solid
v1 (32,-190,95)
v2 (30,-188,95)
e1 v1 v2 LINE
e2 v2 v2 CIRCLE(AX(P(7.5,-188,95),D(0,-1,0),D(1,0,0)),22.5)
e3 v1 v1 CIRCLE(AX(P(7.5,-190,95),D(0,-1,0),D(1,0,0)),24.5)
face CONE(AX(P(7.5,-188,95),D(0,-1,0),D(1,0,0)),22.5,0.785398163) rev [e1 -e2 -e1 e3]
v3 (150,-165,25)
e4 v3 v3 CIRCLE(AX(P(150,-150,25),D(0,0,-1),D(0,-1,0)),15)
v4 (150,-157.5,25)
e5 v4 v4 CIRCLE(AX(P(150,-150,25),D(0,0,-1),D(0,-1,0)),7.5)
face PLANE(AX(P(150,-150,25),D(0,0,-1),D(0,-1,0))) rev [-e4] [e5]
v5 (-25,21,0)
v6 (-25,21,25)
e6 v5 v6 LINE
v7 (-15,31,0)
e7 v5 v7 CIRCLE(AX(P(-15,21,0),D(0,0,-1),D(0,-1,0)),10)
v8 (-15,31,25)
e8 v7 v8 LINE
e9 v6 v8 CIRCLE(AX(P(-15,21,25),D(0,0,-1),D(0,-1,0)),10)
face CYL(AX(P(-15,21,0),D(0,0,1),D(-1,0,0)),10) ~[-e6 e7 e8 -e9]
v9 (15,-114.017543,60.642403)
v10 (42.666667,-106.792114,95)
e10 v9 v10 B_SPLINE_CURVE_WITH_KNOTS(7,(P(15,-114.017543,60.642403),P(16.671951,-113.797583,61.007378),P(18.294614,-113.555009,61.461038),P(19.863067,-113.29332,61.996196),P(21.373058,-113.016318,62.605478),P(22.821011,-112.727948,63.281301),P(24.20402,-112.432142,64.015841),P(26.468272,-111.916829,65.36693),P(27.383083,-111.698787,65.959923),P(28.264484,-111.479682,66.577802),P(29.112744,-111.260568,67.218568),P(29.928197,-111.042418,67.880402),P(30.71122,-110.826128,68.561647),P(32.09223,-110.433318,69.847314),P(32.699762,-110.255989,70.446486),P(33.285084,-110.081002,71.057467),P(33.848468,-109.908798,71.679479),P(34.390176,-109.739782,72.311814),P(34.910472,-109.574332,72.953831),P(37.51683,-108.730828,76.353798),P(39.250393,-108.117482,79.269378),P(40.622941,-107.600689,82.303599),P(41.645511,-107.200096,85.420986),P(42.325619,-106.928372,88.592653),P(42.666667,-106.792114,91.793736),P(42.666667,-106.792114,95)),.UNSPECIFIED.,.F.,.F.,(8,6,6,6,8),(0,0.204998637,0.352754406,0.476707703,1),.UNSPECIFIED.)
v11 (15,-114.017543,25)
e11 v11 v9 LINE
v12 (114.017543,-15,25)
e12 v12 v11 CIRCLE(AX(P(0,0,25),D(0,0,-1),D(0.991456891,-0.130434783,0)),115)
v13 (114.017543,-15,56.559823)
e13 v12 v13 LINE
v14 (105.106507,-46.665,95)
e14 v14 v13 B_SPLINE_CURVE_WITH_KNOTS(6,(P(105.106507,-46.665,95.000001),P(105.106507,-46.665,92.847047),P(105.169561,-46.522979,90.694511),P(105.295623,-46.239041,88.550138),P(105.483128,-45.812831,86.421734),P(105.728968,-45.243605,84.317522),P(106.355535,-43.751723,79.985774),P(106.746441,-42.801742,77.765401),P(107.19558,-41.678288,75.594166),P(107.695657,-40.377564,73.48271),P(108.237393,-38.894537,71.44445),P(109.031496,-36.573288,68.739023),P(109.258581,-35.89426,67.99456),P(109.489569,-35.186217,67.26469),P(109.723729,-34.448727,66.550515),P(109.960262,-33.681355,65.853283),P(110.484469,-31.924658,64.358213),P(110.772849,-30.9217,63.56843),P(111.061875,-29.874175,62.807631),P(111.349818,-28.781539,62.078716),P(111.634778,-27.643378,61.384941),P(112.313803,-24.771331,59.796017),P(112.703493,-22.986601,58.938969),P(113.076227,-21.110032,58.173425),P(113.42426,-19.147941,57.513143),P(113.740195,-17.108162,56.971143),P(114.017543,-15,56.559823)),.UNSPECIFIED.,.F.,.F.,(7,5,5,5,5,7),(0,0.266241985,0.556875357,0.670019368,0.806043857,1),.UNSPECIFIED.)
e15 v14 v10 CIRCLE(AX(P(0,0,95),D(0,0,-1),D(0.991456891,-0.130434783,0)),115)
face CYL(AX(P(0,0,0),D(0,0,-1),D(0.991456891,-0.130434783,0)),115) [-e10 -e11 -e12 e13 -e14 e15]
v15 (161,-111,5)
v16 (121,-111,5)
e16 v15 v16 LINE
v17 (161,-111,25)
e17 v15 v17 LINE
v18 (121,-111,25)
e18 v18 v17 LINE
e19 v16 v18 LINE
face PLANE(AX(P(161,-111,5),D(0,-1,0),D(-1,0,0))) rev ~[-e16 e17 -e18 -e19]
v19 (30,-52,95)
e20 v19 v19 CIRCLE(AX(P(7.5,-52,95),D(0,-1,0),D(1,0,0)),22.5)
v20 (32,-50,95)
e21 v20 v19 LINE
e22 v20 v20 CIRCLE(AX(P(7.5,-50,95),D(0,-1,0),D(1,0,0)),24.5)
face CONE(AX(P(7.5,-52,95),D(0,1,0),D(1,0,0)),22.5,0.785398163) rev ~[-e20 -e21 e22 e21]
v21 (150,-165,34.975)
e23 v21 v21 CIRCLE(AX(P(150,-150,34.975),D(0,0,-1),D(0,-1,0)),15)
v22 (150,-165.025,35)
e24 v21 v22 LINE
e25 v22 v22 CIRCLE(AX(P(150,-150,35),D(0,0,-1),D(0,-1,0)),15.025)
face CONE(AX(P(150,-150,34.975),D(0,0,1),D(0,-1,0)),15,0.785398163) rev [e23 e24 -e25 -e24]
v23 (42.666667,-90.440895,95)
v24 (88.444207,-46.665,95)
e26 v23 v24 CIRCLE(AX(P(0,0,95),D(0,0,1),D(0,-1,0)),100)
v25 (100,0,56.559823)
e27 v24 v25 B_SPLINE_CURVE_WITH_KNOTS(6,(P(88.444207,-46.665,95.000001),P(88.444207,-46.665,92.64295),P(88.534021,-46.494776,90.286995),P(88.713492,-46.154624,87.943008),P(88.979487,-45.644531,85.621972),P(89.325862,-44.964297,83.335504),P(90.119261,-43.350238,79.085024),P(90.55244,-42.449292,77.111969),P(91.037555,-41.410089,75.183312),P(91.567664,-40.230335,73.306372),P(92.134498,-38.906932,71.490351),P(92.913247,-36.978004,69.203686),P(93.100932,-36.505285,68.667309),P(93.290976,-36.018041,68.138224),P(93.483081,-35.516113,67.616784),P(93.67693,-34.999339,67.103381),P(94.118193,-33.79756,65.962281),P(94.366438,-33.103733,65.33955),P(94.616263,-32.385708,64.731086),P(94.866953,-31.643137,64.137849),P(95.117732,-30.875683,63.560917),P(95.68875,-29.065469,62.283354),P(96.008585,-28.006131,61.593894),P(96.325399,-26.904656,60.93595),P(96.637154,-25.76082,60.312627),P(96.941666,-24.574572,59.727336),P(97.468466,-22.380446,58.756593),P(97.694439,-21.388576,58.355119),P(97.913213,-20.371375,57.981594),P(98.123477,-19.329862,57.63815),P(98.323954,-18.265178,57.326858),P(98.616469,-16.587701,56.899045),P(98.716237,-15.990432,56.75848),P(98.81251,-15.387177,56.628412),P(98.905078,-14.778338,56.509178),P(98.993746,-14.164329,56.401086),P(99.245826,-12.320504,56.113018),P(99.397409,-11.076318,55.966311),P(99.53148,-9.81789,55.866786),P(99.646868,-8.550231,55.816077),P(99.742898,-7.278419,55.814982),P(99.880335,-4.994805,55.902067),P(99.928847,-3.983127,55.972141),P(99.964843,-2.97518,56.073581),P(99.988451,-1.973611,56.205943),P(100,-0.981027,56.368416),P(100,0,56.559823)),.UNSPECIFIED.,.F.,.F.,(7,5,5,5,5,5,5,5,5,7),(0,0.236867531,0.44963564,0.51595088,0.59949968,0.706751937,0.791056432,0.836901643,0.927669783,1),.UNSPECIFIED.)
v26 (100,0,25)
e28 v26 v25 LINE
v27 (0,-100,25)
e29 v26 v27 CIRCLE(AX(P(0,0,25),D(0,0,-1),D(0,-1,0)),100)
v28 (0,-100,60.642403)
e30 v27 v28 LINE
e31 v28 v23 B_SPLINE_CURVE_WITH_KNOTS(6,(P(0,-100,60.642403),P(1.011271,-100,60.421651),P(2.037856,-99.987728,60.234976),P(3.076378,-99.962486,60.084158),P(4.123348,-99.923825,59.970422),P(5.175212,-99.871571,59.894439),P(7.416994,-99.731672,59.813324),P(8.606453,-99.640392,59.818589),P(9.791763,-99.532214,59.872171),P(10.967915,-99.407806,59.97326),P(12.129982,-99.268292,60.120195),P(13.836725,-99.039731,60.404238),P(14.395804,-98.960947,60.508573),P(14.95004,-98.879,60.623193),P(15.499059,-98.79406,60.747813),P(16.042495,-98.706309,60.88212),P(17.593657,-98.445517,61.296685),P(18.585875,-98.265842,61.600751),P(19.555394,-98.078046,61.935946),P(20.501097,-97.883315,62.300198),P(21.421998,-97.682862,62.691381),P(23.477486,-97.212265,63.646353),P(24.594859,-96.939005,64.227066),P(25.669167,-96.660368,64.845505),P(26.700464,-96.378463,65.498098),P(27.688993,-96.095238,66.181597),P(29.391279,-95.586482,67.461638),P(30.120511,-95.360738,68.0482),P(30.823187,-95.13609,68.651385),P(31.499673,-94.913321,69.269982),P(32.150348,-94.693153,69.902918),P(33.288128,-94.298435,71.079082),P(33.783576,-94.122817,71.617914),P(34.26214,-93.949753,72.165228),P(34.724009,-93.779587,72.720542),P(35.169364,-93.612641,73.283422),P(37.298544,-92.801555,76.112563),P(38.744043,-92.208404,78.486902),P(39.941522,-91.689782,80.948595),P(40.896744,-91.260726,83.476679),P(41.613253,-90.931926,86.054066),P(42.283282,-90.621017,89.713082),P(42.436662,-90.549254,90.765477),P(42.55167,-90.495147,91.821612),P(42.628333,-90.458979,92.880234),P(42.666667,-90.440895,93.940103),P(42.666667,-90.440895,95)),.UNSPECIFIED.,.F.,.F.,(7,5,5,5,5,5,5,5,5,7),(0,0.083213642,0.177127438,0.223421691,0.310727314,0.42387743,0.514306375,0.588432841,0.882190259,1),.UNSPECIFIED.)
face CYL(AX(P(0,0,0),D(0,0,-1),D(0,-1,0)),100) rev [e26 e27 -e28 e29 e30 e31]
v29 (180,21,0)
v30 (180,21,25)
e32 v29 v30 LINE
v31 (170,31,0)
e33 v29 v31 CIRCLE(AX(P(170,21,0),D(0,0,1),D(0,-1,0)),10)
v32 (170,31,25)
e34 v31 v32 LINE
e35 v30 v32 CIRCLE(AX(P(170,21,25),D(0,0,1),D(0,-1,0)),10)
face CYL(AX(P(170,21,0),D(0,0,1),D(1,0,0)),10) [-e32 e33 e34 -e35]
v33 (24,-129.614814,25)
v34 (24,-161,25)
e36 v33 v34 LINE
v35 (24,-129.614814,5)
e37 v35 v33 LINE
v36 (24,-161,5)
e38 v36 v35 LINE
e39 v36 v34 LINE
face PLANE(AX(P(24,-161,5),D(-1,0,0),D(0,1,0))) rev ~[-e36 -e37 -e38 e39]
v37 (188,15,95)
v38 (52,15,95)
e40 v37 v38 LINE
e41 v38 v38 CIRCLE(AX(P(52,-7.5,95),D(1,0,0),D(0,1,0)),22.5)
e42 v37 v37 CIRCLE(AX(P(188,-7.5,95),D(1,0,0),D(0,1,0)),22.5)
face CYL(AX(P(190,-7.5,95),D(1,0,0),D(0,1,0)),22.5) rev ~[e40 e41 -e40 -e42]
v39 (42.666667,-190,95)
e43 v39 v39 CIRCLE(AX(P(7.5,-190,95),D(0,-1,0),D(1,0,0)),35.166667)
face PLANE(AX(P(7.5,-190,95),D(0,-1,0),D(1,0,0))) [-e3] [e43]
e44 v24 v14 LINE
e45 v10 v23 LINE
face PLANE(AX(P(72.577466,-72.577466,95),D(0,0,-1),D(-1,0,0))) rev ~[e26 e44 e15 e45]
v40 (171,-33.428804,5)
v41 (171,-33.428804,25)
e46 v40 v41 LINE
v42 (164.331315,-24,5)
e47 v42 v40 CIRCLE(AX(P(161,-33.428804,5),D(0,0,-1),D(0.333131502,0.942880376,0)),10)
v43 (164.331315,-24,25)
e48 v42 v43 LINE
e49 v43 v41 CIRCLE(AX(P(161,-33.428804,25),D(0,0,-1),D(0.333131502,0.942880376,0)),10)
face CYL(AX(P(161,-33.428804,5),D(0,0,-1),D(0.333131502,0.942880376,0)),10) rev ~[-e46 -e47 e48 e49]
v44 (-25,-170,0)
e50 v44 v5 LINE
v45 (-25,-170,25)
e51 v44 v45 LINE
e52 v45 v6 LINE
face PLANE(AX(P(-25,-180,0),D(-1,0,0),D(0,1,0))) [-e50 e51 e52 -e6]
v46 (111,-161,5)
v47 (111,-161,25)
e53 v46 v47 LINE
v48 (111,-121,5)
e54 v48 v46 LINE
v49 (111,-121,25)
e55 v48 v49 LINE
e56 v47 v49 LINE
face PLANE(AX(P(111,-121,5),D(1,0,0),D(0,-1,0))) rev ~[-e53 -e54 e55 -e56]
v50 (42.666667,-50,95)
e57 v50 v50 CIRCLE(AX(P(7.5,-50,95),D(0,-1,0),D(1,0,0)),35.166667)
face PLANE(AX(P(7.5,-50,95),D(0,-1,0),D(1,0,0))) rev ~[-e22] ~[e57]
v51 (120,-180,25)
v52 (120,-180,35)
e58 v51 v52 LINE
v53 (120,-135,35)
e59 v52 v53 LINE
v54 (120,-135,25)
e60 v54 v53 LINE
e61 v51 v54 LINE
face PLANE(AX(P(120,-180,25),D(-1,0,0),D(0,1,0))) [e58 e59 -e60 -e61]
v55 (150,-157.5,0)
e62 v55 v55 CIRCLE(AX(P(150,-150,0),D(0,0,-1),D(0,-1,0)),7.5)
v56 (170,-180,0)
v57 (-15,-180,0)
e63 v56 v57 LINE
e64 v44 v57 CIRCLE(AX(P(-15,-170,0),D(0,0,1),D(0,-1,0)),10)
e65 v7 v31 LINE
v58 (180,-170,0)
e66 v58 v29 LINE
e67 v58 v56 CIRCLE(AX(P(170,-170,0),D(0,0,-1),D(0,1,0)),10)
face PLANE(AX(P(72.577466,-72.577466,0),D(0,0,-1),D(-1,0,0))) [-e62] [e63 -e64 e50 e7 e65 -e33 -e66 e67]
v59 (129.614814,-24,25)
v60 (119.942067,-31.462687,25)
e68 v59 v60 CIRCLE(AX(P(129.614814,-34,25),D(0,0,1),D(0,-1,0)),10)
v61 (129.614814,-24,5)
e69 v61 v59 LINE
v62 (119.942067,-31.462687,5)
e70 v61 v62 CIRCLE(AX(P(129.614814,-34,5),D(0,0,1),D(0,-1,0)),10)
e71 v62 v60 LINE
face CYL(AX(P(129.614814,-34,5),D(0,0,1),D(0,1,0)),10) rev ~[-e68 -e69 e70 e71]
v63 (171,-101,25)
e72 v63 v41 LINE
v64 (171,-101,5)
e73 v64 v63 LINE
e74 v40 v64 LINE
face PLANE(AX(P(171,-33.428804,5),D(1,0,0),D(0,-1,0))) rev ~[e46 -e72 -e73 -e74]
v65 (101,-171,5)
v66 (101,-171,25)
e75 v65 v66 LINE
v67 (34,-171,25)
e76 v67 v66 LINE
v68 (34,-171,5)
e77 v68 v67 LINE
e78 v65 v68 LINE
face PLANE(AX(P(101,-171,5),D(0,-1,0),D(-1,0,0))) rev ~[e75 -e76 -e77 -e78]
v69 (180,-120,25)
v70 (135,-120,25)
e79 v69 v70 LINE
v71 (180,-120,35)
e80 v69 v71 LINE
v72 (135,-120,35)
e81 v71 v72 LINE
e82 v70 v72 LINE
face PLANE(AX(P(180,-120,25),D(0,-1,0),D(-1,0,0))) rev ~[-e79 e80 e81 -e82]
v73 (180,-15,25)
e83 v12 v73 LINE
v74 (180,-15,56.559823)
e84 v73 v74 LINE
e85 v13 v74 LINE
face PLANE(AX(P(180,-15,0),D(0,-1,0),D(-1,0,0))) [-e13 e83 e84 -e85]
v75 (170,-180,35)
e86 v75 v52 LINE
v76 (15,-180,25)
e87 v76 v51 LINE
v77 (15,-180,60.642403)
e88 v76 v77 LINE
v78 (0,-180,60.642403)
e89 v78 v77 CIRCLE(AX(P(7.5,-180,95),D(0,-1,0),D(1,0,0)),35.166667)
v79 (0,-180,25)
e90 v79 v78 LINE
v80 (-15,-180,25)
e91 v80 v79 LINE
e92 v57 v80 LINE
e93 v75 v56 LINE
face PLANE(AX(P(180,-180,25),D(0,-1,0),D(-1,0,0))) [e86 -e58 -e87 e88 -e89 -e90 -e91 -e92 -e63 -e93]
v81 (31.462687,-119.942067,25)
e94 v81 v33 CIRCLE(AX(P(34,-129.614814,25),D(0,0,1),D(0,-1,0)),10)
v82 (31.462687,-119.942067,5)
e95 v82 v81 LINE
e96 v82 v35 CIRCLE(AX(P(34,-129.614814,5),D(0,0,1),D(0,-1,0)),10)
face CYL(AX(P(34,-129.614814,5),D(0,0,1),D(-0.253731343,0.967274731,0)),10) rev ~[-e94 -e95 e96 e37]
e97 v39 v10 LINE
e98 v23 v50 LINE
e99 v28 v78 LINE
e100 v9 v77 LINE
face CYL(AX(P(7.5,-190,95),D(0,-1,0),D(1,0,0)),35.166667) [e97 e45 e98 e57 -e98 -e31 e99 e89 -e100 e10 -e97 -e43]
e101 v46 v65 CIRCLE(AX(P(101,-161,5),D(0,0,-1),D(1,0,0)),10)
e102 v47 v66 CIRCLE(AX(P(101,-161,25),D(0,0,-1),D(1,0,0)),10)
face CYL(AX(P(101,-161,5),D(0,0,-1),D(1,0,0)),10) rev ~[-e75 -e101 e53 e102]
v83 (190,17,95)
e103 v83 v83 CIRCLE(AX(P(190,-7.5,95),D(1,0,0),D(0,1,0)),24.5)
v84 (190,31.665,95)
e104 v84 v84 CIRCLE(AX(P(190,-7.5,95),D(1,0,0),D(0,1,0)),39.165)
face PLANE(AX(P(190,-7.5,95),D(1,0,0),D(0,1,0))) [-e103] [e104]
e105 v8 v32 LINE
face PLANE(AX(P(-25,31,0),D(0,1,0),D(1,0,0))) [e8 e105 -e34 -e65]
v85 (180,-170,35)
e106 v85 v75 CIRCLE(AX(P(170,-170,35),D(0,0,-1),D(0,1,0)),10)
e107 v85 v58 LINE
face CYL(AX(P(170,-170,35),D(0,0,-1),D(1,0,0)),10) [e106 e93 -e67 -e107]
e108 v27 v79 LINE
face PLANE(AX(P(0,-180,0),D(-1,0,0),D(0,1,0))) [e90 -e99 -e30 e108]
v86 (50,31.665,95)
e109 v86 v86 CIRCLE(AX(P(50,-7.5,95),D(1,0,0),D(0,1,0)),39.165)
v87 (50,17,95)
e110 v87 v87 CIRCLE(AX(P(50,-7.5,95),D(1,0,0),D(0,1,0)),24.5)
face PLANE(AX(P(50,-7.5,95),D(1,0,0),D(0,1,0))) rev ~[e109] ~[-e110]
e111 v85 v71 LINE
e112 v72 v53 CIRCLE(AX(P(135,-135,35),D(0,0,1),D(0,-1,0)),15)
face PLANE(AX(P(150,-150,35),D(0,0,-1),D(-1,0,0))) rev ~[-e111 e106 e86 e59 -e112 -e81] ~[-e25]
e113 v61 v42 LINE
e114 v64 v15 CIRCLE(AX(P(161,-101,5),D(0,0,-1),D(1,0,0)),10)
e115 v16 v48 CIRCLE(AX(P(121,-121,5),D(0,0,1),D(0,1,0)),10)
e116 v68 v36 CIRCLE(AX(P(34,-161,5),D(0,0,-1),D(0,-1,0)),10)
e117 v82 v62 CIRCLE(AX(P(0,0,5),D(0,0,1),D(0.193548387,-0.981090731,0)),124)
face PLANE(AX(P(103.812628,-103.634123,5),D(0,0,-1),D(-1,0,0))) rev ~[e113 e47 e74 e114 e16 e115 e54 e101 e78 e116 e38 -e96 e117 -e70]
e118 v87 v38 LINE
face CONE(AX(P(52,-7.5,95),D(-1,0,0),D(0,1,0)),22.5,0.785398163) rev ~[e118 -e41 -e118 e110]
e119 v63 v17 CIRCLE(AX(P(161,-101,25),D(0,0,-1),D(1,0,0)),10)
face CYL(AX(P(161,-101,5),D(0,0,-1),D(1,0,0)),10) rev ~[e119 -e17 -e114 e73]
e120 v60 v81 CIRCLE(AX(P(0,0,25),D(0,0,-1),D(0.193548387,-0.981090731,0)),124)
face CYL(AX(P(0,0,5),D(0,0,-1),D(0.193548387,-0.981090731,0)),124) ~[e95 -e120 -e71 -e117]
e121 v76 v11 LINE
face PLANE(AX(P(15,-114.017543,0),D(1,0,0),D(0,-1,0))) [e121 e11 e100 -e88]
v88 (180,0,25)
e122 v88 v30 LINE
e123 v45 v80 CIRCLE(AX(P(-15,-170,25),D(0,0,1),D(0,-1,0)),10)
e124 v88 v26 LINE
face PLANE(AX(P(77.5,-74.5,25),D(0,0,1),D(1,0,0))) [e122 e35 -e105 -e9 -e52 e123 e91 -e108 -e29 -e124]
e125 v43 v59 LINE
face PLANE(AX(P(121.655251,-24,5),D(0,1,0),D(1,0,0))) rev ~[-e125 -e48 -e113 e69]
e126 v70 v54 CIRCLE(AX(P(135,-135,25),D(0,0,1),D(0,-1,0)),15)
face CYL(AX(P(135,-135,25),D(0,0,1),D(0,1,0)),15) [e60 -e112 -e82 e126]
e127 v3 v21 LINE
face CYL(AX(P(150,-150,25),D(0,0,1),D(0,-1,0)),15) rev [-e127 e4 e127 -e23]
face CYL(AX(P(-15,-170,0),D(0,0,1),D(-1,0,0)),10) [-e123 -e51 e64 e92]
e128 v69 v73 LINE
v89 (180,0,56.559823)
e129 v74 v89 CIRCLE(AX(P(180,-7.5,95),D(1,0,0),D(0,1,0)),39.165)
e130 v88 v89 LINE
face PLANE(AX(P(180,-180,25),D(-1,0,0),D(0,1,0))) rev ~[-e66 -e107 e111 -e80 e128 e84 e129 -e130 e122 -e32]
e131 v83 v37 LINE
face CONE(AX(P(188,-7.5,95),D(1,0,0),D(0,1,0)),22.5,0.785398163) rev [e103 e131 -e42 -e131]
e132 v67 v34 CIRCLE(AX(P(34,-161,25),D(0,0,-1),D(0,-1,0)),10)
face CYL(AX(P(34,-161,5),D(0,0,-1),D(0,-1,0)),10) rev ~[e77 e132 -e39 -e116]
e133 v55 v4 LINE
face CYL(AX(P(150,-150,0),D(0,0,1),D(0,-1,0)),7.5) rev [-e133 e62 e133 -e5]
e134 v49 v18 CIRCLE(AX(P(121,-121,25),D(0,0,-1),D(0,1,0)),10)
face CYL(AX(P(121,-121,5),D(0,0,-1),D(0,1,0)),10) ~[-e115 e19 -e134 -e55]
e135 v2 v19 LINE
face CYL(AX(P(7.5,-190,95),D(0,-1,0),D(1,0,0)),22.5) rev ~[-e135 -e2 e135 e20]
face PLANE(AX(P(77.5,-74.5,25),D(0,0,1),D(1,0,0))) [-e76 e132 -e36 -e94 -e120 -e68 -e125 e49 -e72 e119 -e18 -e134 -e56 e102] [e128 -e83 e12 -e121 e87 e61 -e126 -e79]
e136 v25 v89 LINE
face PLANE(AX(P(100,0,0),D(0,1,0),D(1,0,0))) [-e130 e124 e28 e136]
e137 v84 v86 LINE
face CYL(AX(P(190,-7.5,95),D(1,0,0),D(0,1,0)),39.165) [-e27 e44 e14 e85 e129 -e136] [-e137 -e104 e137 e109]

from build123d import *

# Parameters (mm, degrees)
SKETCH1_W               = 205
SKETCH1_H               = 211
BOSS_EXTRUDE1_DEPTH     = 25
BOSS_EXTRUDE2_START     = -25
SKETCH2_W               = 60
SKETCH2_H               = 60
BOSS_EXTRUDE2_DEPTH     = 10
FILLET1_R               = 10
BOSS_EXTRUDE3_DEPTH     = 95
BOSS_EXTRUDE4_START     = 10
SKETCH5_R               = 35.166666667
BOSS_EXTRUDE4_DEPTH     = 140
SKETCH6_R               = 22.5
CUT_EXTRUDE1_DEPTH      = 140
BOSS_EXTRUDE5_START     = 10
SKETCH7_R               = 39.165
BOSS_EXTRUDE5_DEPTH     = 140
SKETCH8_R               = 22.5
CUT_EXTRUDE2_DEPTH      = 319.557726497
CUT_EXTRUDE5_DEPTH      = 35
CUT_EXTRUDE5_DEPTH_BACK = 15
CUT_EXTRUDE5_START      = -5
FILLET2_R               = 15
FILLET3_R               = 10
CHAMFER1_SIZE           = 2
CHAMFER2_SIZE           = 2


with BuildPart() as part:
    # Sketch1 → Boss-Extrude1 (new body)
    with BuildSketch(Plane.XY):
        with Locations((77.5, -74.5)):
            Rectangle(SKETCH1_W, SKETCH1_H)
    extrude(amount=BOSS_EXTRUDE1_DEPTH)

    # Sketch2 → Boss-Extrude2 (add)
    with BuildSketch(Plane(origin=(0, 0, 0), x_dir=(-1, 0, 0), z_dir=(0, 0, -1)).offset(BOSS_EXTRUDE2_START)):
        with Locations((-150, -150)):
            Rectangle(SKETCH2_W, SKETCH2_H)
    extrude(amount=-BOSS_EXTRUDE2_DEPTH)

    # Fillet1
    fillet1_edges = [part.edges().sort_by_distance(p)[0] for p in [
        (-25, 31, 12.5),
        (180, 31, 12.5),
        (180, -180, 17.5),
        (-25, -180, 12.5),
    ]]
    fillet(fillet1_edges, radius=FILLET1_R)

    # Sketch4 → Boss-Extrude3 (add)
    with BuildSketch(Plane.XY):
        with BuildLine():
            Line((0, -180), (0, -100))
            ThreePointArc((0, -100), (70.710678119, -70.710678119), (100, 0))
            Line((100, 0), (180, 0))
            Line((180, 0), (180, -15))
            Line((180, -15), (114.01754251, -15))
            ThreePointArc((114.01754251, -15), (81.317279836, -81.317279836), (15, -114.01754251))
            Line((15, -114.01754251), (15, -180))
            Line((15, -180), (0, -180))
        make_face()
    extrude(amount=BOSS_EXTRUDE3_DEPTH)

    # Sketch5 → Boss-Extrude4 (add)
    with BuildSketch(Plane.XZ.offset(180).offset(BOSS_EXTRUDE4_START)):
        with Locations((7.5, 95)):
            Circle(SKETCH5_R)
    extrude(amount=-BOSS_EXTRUDE4_DEPTH)

    # Sketch6 → Cut-Extrude1 (cut)
    with BuildSketch(Plane.XZ.offset(190)):
        with Locations((7.5, 95)):
            Circle(SKETCH6_R)
    extrude(amount=-CUT_EXTRUDE1_DEPTH, mode=Mode.SUBTRACT)

    # Sketch7 → Boss-Extrude5 (add)
    with BuildSketch(Plane(origin=(180, 0, 0), x_dir=(0, 0, -1), z_dir=(1, 0, 0)).offset(BOSS_EXTRUDE5_START)):
        with Locations(Location((-95, -7.5, 0), (0, 0, 90))):
            Circle(SKETCH7_R)
    extrude(amount=-BOSS_EXTRUDE5_DEPTH)

    # Sketch8 → Cut-Extrude2 (cut, through all)
    with BuildSketch(Plane(origin=(190, 0, 0), x_dir=(0, 0, -1), z_dir=(1, 0, 0))):
        with Locations(Location((-95, -7.5, 0), (0, 0, 90))):
            Circle(SKETCH8_R)
    extrude(amount=-CUT_EXTRUDE2_DEPTH, mode=Mode.SUBTRACT)

    # Sketch10 → Cut-Extrude5 (cut, two sides: drawn at the far end of the back side and taken through both)
    with BuildSketch(Plane.XY.offset(25).offset(CUT_EXTRUDE5_START - CUT_EXTRUDE5_DEPTH_BACK)):
        with BuildLine():
            Line((171, -33.428803755), (171, -101))
            ThreePointArc((171, -101), (168.071067812, -108.071067812), (161, -111))
            Line((161, -111), (121, -111))
            ThreePointArc((121, -111), (113.928932188, -113.928932188), (111, -121))
            Line((111, -121), (111, -161))
            ThreePointArc((111, -161), (108.071067812, -168.071067812), (101, -171))
            Line((101, -171), (34, -171))
            ThreePointArc((34, -171), (26.928932188, -168.071067812), (24, -161))
            Line((24, -161), (24, -136.527840403))
            Line((24, -136.527840403), (24, -121.655250606))
            ThreePointArc((24, -121.655250606), (87.681240867, -87.681240867), (121.655250606, -24))
            Line((121.655250606, -24), (132.503249765, -24))
            Line((132.503249765, -24), (164.331315018, -24))
            ThreePointArc((164.331315018, -24), (169.164347806, -27.654427173), (171, -33.428803755))
        make_face()
    extrude(amount=CUT_EXTRUDE5_DEPTH + CUT_EXTRUDE5_DEPTH_BACK, mode=Mode.SUBTRACT)

    # Sketch15 → CBORE for M8 Hex Head Bolt2 (revolve, cut)
    with BuildSketch(Plane(origin=(150, -150, 35), x_dir=(0, -1, 0), z_dir=(1, 0, 0))):
        Polygon((0, 0), (0, 35), (7.5, 35), (7.5, 10), (15, 10), (15, 0.025), (15.025, 0), align=None)
    revolve(axis=Axis((150, -150, 41.35), (0, 0, -1)), mode=Mode.SUBTRACT)

    # Fillet2
    fillet2_edges = [part.edges().sort_by_distance(p)[0] for p in [
        (120, -120, 30),
    ]]
    fillet(fillet2_edges, radius=FILLET2_R)

    # Fillet3
    fillet3_edges = [part.edges().sort_by_distance(p)[0] for p in [
        (24, -121.655250606, 15),
        (121.655250606, -24, 15),
    ]]
    fillet(fillet3_edges, radius=FILLET3_R)

    # Chamfer1
    chamfer1_edges = [part.edges().sort_by_distance(p)[0] for p in [
        (-15, -50, 95),
        (-15, -190, 95),
    ]]
    chamfer(chamfer1_edges, length=CHAMFER1_SIZE)

    # Chamfer2
    chamfer2_edges = [part.edges().sort_by_distance(p)[0] for p in [
        (50, -30, 95),
        (190, -30, 95),
    ]]
    chamfer(chamfer2_edges, length=CHAMFER2_SIZE)


solid = part.part
